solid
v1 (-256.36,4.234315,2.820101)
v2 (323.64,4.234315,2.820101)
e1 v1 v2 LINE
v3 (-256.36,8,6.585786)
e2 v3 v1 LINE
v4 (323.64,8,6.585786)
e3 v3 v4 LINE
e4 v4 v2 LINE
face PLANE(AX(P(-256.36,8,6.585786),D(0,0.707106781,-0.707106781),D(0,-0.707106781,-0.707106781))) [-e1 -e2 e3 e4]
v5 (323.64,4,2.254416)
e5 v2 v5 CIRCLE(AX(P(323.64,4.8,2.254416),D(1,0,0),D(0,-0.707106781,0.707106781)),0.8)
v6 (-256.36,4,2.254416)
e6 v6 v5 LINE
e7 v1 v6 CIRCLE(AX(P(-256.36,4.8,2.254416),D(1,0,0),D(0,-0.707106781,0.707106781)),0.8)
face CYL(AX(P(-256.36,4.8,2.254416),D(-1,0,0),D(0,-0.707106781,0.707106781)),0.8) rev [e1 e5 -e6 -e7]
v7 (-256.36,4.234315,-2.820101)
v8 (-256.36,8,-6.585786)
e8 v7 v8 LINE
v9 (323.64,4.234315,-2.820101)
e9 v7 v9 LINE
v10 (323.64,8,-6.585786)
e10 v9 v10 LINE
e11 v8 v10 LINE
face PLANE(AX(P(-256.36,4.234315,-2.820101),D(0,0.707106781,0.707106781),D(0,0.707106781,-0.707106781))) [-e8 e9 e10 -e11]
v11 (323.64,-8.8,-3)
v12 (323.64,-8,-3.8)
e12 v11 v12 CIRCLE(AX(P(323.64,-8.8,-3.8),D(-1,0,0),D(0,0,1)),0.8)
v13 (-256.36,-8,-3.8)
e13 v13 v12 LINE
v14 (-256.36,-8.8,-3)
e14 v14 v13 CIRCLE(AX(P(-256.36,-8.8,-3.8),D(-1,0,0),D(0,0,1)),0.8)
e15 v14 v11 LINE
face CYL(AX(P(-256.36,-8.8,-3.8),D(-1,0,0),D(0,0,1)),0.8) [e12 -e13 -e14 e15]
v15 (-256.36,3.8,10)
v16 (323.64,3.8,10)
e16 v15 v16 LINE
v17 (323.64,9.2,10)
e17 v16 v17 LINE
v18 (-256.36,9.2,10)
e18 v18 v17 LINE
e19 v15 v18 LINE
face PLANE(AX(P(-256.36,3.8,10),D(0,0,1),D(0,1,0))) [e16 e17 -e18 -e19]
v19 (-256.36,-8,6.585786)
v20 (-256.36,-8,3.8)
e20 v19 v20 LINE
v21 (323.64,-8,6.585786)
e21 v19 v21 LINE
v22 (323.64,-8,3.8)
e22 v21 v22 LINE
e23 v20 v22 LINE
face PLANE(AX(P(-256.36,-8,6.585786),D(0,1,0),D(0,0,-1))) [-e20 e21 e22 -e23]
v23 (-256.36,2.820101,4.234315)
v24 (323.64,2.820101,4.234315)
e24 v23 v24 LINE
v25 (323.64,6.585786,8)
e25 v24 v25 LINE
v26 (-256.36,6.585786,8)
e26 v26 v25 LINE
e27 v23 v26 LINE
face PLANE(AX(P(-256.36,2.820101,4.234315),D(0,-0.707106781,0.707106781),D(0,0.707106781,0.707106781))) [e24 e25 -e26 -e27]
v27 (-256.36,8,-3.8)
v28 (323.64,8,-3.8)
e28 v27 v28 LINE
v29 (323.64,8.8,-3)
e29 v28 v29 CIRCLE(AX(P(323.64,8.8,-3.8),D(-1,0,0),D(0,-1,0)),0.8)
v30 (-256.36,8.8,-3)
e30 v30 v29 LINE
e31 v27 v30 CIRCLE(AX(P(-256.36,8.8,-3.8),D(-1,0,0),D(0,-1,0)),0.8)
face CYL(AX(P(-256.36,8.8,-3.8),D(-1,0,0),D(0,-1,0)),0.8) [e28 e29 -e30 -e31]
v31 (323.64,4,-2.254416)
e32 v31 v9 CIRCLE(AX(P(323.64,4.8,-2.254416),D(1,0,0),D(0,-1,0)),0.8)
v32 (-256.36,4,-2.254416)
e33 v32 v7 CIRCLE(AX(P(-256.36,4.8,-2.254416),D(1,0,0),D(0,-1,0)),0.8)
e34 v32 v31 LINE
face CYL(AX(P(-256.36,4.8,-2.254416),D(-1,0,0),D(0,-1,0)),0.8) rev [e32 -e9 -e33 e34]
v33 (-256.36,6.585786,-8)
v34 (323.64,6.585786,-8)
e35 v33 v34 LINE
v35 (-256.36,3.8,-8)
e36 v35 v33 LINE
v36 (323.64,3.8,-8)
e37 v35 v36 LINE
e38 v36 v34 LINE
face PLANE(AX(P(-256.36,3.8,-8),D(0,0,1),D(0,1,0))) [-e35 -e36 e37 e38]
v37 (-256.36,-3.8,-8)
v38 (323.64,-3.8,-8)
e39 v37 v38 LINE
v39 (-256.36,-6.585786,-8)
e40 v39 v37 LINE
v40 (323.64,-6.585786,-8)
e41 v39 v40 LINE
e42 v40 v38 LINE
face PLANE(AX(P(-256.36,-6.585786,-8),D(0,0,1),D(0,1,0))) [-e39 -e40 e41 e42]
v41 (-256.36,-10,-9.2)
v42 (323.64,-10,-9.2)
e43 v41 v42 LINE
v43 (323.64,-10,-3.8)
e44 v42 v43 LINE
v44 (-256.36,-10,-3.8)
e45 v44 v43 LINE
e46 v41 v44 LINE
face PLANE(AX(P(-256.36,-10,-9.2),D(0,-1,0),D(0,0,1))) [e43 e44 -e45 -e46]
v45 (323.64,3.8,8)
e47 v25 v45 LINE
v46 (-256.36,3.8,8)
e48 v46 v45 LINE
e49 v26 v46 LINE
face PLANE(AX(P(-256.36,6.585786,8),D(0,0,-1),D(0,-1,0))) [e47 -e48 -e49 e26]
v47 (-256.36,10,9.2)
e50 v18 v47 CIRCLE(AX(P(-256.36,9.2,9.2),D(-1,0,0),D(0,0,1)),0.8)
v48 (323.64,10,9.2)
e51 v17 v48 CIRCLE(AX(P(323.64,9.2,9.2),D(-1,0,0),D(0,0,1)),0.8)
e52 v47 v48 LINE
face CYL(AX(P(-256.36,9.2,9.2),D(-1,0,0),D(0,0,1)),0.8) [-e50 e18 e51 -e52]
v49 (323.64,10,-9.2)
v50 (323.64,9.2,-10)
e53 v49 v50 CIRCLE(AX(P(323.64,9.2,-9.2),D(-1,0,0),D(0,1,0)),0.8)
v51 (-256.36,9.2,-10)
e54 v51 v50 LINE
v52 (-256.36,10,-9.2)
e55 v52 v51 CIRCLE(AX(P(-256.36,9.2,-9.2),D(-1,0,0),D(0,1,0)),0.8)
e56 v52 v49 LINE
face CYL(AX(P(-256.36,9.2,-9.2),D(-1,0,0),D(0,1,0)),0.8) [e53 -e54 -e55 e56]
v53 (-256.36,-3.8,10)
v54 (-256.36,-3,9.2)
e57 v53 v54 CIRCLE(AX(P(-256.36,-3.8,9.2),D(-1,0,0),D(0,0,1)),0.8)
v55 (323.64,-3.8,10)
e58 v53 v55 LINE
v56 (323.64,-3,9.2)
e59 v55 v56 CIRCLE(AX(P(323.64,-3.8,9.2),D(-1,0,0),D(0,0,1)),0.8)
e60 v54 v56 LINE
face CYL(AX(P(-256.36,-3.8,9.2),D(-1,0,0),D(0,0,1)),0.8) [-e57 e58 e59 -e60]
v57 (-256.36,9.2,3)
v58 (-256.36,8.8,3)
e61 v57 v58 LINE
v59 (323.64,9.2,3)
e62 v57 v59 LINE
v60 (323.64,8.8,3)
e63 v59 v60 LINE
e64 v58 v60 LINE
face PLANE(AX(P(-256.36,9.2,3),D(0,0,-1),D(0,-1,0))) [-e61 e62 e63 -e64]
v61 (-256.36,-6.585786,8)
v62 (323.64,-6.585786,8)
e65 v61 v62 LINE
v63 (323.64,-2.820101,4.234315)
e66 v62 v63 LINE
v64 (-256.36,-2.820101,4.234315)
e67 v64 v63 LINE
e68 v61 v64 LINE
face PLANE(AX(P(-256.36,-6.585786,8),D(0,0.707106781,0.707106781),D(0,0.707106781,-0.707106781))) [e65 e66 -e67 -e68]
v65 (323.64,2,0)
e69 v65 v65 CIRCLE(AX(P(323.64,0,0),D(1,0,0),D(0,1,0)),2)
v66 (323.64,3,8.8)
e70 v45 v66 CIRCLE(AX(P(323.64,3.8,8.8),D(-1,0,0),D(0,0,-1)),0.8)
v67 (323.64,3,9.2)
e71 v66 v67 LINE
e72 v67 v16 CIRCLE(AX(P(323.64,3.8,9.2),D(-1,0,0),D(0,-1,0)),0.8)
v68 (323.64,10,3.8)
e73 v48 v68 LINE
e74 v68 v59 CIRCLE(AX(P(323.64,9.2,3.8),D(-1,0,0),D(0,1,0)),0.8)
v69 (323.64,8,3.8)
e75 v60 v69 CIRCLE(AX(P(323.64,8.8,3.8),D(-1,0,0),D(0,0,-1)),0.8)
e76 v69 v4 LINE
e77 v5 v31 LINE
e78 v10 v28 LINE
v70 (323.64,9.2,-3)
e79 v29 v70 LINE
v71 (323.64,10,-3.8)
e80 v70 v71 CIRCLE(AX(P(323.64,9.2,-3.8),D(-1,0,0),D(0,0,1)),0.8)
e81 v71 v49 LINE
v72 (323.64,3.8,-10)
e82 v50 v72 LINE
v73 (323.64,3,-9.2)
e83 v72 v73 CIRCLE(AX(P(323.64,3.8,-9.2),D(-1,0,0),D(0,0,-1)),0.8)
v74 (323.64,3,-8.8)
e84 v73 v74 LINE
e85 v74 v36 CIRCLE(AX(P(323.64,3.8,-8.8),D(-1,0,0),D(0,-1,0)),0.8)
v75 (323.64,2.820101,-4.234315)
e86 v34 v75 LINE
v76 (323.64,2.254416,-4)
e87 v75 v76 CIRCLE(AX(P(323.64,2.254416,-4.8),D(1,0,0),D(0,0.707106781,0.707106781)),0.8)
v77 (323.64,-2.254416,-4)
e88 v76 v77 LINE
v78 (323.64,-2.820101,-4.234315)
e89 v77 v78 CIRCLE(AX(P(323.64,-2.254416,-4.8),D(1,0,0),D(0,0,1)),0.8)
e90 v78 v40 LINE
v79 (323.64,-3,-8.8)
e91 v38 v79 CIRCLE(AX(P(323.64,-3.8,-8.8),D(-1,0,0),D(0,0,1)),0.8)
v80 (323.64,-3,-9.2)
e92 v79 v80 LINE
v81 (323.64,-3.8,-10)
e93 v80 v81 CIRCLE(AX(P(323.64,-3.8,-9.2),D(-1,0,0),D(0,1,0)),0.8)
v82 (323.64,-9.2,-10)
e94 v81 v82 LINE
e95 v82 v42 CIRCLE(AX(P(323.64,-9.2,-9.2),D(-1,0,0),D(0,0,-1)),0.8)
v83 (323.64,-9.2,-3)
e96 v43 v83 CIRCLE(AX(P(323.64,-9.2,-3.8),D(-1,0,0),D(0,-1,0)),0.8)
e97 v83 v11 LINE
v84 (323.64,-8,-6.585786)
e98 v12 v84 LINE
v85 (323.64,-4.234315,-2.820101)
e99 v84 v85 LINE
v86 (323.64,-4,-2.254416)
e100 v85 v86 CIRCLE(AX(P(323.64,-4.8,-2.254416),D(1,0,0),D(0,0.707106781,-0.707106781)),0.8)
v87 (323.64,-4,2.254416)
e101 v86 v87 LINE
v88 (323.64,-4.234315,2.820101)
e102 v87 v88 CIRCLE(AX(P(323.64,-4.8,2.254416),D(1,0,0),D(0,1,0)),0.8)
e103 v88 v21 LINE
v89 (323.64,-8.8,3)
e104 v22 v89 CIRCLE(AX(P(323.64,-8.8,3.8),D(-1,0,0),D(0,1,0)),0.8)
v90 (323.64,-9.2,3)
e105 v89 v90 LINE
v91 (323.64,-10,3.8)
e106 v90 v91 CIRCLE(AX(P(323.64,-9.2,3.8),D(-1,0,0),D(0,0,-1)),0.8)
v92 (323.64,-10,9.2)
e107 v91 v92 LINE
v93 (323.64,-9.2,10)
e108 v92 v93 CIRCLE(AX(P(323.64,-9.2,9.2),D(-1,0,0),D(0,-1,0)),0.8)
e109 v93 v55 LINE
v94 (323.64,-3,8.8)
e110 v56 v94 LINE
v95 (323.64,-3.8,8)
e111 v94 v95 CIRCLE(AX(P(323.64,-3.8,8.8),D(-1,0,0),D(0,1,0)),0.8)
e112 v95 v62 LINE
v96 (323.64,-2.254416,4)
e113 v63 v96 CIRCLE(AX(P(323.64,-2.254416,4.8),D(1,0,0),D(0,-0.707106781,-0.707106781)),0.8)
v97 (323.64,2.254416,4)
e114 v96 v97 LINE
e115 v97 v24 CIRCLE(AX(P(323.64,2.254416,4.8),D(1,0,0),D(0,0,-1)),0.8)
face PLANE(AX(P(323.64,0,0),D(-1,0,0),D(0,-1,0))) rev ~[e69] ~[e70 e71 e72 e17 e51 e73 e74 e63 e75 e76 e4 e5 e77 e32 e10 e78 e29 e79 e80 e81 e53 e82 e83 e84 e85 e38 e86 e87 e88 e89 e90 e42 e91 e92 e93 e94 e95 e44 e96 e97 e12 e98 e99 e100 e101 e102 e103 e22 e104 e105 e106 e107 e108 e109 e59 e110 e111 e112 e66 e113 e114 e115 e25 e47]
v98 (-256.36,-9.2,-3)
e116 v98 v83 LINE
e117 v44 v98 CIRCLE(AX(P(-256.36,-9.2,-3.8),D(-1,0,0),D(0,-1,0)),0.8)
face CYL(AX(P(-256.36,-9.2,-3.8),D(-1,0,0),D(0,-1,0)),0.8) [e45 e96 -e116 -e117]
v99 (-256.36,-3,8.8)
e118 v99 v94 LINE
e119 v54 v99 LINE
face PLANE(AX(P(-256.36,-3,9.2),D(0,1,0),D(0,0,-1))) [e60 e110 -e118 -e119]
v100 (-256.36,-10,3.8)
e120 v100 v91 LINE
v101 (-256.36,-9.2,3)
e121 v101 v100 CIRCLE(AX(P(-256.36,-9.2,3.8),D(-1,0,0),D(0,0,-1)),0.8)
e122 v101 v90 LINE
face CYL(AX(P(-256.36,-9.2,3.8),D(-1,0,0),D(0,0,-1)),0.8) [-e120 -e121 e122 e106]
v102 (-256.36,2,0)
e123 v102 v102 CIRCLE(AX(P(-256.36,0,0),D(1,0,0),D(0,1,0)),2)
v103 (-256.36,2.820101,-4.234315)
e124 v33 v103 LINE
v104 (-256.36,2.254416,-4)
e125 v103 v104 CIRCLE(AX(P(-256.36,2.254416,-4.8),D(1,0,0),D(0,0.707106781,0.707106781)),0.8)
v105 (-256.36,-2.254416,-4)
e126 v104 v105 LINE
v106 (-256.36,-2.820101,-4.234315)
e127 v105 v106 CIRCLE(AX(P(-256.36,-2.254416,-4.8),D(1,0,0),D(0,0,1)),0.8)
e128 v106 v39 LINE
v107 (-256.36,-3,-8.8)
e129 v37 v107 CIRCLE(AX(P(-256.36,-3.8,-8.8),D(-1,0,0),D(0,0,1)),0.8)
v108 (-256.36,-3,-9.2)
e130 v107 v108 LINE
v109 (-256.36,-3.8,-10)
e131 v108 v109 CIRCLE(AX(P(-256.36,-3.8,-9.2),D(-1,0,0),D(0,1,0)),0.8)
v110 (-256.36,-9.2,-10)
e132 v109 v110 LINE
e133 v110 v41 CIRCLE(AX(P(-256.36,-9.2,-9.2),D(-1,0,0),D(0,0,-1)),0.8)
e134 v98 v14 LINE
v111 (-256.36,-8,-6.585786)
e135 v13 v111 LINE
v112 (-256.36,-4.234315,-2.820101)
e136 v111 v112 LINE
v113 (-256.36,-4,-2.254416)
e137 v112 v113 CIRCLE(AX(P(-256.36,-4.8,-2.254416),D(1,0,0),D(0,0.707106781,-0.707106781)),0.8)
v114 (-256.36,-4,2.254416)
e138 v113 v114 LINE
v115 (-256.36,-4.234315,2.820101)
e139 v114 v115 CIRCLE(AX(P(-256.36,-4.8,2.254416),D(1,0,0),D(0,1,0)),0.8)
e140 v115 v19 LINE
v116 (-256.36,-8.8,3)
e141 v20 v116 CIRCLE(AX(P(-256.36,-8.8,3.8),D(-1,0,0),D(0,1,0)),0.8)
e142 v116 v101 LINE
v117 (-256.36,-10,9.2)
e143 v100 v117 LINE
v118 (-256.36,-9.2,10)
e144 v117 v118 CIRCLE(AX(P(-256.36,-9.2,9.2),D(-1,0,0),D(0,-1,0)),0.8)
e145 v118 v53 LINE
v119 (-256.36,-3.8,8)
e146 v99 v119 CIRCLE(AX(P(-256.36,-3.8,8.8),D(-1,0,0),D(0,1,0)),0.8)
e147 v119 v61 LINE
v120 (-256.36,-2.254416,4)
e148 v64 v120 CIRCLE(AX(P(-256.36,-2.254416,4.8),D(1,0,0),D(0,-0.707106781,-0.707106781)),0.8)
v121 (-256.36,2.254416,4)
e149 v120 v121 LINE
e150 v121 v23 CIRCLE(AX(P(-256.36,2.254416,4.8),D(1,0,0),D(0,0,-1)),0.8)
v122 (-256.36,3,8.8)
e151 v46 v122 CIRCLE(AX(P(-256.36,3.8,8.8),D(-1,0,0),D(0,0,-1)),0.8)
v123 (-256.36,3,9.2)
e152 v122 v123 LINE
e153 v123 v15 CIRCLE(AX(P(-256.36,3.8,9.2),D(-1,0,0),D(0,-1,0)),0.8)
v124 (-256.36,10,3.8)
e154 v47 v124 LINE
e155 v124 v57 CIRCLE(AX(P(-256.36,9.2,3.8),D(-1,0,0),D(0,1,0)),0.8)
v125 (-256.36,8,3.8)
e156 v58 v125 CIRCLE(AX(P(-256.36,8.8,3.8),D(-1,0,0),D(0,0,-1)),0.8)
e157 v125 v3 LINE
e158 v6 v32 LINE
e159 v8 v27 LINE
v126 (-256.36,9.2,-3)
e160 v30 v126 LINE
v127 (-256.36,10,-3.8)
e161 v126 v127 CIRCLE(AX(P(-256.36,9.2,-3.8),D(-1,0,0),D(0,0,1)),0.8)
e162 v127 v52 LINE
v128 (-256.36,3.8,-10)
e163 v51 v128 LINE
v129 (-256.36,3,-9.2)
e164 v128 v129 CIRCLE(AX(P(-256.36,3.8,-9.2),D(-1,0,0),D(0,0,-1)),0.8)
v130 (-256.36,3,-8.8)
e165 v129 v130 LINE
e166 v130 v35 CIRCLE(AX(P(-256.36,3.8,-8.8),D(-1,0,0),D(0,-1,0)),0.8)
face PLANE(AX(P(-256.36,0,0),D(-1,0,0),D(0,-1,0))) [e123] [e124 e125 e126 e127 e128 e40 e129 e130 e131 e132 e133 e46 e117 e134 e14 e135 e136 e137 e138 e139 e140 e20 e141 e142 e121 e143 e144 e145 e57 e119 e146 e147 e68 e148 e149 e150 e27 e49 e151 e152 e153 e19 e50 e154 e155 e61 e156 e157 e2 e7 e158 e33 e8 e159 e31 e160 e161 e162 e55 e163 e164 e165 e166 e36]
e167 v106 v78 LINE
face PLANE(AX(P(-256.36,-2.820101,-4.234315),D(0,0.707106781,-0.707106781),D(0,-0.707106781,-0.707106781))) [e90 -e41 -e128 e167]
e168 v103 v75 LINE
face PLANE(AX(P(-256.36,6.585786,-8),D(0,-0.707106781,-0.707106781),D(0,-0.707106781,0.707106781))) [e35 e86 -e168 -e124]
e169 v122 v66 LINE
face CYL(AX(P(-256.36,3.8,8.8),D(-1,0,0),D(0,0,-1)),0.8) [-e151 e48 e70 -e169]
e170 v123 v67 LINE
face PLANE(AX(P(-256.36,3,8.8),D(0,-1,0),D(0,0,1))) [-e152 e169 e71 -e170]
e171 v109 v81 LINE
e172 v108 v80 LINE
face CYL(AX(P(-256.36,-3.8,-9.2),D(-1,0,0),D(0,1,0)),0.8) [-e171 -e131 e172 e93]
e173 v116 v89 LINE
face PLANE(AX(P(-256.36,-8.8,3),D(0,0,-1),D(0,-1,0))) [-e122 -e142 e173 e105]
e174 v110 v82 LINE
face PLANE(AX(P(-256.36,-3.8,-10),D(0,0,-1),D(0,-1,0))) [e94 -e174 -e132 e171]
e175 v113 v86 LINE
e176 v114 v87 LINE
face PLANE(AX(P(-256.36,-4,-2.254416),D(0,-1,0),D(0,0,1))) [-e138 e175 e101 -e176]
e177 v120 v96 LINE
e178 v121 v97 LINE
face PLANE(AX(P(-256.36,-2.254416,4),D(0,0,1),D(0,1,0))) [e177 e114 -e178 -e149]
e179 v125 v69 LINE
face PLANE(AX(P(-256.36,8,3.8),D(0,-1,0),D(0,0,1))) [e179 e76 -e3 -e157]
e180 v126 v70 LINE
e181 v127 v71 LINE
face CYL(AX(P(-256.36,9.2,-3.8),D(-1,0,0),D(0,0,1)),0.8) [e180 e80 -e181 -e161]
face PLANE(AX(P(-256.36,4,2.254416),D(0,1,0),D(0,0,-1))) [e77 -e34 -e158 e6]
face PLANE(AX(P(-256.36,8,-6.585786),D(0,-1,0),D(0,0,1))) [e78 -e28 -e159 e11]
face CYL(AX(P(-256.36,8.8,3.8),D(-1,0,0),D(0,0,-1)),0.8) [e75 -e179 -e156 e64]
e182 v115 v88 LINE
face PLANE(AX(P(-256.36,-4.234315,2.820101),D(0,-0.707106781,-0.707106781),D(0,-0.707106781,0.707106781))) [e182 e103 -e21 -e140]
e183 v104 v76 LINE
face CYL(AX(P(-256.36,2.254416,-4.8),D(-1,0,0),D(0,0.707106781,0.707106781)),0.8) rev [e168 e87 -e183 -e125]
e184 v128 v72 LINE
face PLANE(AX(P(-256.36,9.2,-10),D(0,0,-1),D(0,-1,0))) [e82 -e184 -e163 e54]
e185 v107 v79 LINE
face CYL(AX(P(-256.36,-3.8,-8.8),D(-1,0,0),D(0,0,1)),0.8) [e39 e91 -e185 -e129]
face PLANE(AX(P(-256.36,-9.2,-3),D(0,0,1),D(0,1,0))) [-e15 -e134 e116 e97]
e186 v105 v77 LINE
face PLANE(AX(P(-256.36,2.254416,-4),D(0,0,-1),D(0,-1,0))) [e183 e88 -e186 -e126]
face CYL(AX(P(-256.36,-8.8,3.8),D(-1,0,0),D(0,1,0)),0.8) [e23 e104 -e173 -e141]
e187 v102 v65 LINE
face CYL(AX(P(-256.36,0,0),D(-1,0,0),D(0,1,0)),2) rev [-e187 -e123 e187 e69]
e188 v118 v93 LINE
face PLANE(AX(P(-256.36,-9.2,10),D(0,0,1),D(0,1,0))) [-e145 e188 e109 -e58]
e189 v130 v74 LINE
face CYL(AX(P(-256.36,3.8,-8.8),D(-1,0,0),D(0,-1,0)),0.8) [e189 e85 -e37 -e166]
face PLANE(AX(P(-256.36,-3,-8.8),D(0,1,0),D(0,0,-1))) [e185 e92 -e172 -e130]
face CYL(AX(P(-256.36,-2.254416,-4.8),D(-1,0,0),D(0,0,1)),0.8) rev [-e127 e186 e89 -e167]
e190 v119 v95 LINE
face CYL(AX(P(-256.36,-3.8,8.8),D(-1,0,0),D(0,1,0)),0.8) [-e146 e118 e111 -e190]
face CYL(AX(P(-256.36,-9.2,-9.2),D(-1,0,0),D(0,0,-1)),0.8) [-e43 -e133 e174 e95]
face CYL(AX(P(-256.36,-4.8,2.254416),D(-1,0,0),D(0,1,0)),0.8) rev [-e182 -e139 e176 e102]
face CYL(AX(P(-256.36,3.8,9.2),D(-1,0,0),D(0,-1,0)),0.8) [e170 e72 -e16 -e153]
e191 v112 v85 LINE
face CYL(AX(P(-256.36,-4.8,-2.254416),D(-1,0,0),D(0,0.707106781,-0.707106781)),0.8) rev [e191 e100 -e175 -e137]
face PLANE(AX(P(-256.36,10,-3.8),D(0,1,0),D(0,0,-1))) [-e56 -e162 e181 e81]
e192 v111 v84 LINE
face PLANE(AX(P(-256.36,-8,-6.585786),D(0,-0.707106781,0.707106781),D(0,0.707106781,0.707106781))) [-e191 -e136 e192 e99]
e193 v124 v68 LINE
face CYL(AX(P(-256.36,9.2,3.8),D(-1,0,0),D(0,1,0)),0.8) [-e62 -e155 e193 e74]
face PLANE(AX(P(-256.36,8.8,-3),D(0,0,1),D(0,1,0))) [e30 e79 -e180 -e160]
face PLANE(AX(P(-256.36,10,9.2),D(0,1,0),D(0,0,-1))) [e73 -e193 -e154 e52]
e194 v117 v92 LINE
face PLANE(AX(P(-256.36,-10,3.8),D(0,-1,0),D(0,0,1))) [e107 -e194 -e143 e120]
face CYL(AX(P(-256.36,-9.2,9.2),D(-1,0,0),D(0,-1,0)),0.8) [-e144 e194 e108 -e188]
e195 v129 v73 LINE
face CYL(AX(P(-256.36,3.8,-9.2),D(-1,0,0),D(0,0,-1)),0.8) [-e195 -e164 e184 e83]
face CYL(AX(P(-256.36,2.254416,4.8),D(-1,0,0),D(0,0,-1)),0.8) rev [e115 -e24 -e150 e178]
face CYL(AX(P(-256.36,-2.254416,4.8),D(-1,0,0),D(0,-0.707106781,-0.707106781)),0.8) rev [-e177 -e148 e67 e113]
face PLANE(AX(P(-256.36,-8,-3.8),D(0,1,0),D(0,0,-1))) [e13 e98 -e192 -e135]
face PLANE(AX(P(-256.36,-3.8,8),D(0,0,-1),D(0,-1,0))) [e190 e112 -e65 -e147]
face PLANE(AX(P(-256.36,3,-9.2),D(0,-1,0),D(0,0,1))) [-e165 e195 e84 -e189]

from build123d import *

# Parameters (mm, degrees)
SKETCH1_R           = 2
PROFILE_4X4_1_DEPTH = 580


with BuildPart() as part:
    # Sketch1 → Profile 4X4(1) (new body)
    with BuildSketch(Plane.YZ.offset(-256.36)):
        with BuildLine():
            Line((-3, 9.2), (-3, 8.8))
            ThreePointArc((-3, 8.8), (-3.234314575, 8.234314575), (-3.8, 8))
            Line((-3.8, 8), (-6.585786438, 8))
            Line((-6.585786438, 8), (-2.820101013, 4.234314575))
            ThreePointArc((-2.820101013, 4.234314575), (-2.560562334, 4.060896374), (-2.254415588, 4))
            Line((-2.254415588, 4), (2.254415588, 4))
            ThreePointArc((2.254415588, 4), (2.560562334, 4.060896374), (2.820101013, 4.234314575))
            Line((2.820101013, 4.234314575), (6.585786438, 8))
            Line((6.585786438, 8), (3.8, 8))
            ThreePointArc((3.8, 8), (3.234314575, 8.234314575), (3, 8.8))
            Line((3, 8.8), (3, 9.2))
            ThreePointArc((3, 9.2), (3.234314575, 9.765685425), (3.8, 10))
            Line((3.8, 10), (9.2, 10))
            ThreePointArc((9.2, 10), (9.765685425, 9.765685425), (10, 9.2))
            Line((10, 9.2), (10, 3.8))
            ThreePointArc((10, 3.8), (9.765685425, 3.234314575), (9.2, 3))
            Line((9.2, 3), (8.8, 3))
            ThreePointArc((8.8, 3), (8.234314575, 3.234314575), (8, 3.8))
            Line((8, 3.8), (8, 6.585786438))
            Line((8, 6.585786438), (4.234314575, 2.820101013))
            ThreePointArc((4.234314575, 2.820101013), (4.060896374, 2.560562334), (4, 2.254415588))
            Line((4, 2.254415588), (4, -2.254415588))
            ThreePointArc((4, -2.254415588), (4.060896374, -2.560562334), (4.234314575, -2.820101013))
            Line((4.234314575, -2.820101013), (8, -6.585786438))
            Line((8, -6.585786438), (8, -3.8))
            ThreePointArc((8, -3.8), (8.234314575, -3.234314575), (8.8, -3))
            Line((8.8, -3), (9.2, -3))
            ThreePointArc((9.2, -3), (9.765685425, -3.234314575), (10, -3.8))
            Line((10, -3.8), (10, -9.2))
            ThreePointArc((10, -9.2), (9.765685425, -9.765685425), (9.2, -10))
            Line((9.2, -10), (3.8, -10))
            ThreePointArc((3.8, -10), (3.234314575, -9.765685425), (3, -9.2))
            Line((3, -9.2), (3, -8.8))
            ThreePointArc((3, -8.8), (3.234314575, -8.234314575), (3.8, -8))
            Line((3.8, -8), (6.585786438, -8))
            Line((6.585786438, -8), (2.820101013, -4.234314575))
            ThreePointArc((2.820101013, -4.234314575), (2.560562334, -4.060896374), (2.254415588, -4))
            Line((2.254415588, -4), (-2.254415588, -4))
            ThreePointArc((-2.254415588, -4), (-2.560562334, -4.060896374), (-2.820101013, -4.234314575))
            Line((-2.820101013, -4.234314575), (-6.585786438, -8))
            Line((-6.585786438, -8), (-3.8, -8))
            ThreePointArc((-3.8, -8), (-3.234314575, -8.234314575), (-3, -8.8))
            Line((-3, -8.8), (-3, -9.2))
            ThreePointArc((-3, -9.2), (-3.234314575, -9.765685425), (-3.8, -10))
            Line((-3.8, -10), (-9.2, -10))
            ThreePointArc((-9.2, -10), (-9.765685425, -9.765685425), (-10, -9.2))
            Line((-10, -9.2), (-10, -3.8))
            ThreePointArc((-10, -3.8), (-9.765685425, -3.234314575), (-9.2, -3))
            Line((-9.2, -3), (-8.8, -3))
            ThreePointArc((-8.8, -3), (-8.234314575, -3.234314575), (-8, -3.8))
            Line((-8, -3.8), (-8, -6.585786438))
            Line((-8, -6.585786438), (-4.234314575, -2.820101013))
            ThreePointArc((-4.234314575, -2.820101013), (-4.060896374, -2.560562334), (-4, -2.254415588))
            Line((-4, -2.254415588), (-4, 2.254415588))
            ThreePointArc((-4, 2.254415588), (-4.060896374, 2.560562334), (-4.234314575, 2.820101013))
            Line((-4.234314575, 2.820101013), (-8, 6.585786438))
            Line((-8, 6.585786438), (-8, 3.8))
            ThreePointArc((-8, 3.8), (-8.234314575, 3.234314575), (-8.8, 3))
            Line((-8.8, 3), (-9.2, 3))
            ThreePointArc((-9.2, 3), (-9.765685425, 3.234314575), (-10, 3.8))
            Line((-10, 3.8), (-10, 9.2))
            ThreePointArc((-10, 9.2), (-9.765685425, 9.765685425), (-9.2, 10))
            Line((-9.2, 10), (-3.8, 10))
            ThreePointArc((-3.8, 10), (-3.234314575, 9.765685425), (-3, 9.2))
        make_face()
        Circle(SKETCH1_R, mode=Mode.SUBTRACT)
    extrude(amount=PROFILE_4X4_1_DEPTH)


solid = part.part
